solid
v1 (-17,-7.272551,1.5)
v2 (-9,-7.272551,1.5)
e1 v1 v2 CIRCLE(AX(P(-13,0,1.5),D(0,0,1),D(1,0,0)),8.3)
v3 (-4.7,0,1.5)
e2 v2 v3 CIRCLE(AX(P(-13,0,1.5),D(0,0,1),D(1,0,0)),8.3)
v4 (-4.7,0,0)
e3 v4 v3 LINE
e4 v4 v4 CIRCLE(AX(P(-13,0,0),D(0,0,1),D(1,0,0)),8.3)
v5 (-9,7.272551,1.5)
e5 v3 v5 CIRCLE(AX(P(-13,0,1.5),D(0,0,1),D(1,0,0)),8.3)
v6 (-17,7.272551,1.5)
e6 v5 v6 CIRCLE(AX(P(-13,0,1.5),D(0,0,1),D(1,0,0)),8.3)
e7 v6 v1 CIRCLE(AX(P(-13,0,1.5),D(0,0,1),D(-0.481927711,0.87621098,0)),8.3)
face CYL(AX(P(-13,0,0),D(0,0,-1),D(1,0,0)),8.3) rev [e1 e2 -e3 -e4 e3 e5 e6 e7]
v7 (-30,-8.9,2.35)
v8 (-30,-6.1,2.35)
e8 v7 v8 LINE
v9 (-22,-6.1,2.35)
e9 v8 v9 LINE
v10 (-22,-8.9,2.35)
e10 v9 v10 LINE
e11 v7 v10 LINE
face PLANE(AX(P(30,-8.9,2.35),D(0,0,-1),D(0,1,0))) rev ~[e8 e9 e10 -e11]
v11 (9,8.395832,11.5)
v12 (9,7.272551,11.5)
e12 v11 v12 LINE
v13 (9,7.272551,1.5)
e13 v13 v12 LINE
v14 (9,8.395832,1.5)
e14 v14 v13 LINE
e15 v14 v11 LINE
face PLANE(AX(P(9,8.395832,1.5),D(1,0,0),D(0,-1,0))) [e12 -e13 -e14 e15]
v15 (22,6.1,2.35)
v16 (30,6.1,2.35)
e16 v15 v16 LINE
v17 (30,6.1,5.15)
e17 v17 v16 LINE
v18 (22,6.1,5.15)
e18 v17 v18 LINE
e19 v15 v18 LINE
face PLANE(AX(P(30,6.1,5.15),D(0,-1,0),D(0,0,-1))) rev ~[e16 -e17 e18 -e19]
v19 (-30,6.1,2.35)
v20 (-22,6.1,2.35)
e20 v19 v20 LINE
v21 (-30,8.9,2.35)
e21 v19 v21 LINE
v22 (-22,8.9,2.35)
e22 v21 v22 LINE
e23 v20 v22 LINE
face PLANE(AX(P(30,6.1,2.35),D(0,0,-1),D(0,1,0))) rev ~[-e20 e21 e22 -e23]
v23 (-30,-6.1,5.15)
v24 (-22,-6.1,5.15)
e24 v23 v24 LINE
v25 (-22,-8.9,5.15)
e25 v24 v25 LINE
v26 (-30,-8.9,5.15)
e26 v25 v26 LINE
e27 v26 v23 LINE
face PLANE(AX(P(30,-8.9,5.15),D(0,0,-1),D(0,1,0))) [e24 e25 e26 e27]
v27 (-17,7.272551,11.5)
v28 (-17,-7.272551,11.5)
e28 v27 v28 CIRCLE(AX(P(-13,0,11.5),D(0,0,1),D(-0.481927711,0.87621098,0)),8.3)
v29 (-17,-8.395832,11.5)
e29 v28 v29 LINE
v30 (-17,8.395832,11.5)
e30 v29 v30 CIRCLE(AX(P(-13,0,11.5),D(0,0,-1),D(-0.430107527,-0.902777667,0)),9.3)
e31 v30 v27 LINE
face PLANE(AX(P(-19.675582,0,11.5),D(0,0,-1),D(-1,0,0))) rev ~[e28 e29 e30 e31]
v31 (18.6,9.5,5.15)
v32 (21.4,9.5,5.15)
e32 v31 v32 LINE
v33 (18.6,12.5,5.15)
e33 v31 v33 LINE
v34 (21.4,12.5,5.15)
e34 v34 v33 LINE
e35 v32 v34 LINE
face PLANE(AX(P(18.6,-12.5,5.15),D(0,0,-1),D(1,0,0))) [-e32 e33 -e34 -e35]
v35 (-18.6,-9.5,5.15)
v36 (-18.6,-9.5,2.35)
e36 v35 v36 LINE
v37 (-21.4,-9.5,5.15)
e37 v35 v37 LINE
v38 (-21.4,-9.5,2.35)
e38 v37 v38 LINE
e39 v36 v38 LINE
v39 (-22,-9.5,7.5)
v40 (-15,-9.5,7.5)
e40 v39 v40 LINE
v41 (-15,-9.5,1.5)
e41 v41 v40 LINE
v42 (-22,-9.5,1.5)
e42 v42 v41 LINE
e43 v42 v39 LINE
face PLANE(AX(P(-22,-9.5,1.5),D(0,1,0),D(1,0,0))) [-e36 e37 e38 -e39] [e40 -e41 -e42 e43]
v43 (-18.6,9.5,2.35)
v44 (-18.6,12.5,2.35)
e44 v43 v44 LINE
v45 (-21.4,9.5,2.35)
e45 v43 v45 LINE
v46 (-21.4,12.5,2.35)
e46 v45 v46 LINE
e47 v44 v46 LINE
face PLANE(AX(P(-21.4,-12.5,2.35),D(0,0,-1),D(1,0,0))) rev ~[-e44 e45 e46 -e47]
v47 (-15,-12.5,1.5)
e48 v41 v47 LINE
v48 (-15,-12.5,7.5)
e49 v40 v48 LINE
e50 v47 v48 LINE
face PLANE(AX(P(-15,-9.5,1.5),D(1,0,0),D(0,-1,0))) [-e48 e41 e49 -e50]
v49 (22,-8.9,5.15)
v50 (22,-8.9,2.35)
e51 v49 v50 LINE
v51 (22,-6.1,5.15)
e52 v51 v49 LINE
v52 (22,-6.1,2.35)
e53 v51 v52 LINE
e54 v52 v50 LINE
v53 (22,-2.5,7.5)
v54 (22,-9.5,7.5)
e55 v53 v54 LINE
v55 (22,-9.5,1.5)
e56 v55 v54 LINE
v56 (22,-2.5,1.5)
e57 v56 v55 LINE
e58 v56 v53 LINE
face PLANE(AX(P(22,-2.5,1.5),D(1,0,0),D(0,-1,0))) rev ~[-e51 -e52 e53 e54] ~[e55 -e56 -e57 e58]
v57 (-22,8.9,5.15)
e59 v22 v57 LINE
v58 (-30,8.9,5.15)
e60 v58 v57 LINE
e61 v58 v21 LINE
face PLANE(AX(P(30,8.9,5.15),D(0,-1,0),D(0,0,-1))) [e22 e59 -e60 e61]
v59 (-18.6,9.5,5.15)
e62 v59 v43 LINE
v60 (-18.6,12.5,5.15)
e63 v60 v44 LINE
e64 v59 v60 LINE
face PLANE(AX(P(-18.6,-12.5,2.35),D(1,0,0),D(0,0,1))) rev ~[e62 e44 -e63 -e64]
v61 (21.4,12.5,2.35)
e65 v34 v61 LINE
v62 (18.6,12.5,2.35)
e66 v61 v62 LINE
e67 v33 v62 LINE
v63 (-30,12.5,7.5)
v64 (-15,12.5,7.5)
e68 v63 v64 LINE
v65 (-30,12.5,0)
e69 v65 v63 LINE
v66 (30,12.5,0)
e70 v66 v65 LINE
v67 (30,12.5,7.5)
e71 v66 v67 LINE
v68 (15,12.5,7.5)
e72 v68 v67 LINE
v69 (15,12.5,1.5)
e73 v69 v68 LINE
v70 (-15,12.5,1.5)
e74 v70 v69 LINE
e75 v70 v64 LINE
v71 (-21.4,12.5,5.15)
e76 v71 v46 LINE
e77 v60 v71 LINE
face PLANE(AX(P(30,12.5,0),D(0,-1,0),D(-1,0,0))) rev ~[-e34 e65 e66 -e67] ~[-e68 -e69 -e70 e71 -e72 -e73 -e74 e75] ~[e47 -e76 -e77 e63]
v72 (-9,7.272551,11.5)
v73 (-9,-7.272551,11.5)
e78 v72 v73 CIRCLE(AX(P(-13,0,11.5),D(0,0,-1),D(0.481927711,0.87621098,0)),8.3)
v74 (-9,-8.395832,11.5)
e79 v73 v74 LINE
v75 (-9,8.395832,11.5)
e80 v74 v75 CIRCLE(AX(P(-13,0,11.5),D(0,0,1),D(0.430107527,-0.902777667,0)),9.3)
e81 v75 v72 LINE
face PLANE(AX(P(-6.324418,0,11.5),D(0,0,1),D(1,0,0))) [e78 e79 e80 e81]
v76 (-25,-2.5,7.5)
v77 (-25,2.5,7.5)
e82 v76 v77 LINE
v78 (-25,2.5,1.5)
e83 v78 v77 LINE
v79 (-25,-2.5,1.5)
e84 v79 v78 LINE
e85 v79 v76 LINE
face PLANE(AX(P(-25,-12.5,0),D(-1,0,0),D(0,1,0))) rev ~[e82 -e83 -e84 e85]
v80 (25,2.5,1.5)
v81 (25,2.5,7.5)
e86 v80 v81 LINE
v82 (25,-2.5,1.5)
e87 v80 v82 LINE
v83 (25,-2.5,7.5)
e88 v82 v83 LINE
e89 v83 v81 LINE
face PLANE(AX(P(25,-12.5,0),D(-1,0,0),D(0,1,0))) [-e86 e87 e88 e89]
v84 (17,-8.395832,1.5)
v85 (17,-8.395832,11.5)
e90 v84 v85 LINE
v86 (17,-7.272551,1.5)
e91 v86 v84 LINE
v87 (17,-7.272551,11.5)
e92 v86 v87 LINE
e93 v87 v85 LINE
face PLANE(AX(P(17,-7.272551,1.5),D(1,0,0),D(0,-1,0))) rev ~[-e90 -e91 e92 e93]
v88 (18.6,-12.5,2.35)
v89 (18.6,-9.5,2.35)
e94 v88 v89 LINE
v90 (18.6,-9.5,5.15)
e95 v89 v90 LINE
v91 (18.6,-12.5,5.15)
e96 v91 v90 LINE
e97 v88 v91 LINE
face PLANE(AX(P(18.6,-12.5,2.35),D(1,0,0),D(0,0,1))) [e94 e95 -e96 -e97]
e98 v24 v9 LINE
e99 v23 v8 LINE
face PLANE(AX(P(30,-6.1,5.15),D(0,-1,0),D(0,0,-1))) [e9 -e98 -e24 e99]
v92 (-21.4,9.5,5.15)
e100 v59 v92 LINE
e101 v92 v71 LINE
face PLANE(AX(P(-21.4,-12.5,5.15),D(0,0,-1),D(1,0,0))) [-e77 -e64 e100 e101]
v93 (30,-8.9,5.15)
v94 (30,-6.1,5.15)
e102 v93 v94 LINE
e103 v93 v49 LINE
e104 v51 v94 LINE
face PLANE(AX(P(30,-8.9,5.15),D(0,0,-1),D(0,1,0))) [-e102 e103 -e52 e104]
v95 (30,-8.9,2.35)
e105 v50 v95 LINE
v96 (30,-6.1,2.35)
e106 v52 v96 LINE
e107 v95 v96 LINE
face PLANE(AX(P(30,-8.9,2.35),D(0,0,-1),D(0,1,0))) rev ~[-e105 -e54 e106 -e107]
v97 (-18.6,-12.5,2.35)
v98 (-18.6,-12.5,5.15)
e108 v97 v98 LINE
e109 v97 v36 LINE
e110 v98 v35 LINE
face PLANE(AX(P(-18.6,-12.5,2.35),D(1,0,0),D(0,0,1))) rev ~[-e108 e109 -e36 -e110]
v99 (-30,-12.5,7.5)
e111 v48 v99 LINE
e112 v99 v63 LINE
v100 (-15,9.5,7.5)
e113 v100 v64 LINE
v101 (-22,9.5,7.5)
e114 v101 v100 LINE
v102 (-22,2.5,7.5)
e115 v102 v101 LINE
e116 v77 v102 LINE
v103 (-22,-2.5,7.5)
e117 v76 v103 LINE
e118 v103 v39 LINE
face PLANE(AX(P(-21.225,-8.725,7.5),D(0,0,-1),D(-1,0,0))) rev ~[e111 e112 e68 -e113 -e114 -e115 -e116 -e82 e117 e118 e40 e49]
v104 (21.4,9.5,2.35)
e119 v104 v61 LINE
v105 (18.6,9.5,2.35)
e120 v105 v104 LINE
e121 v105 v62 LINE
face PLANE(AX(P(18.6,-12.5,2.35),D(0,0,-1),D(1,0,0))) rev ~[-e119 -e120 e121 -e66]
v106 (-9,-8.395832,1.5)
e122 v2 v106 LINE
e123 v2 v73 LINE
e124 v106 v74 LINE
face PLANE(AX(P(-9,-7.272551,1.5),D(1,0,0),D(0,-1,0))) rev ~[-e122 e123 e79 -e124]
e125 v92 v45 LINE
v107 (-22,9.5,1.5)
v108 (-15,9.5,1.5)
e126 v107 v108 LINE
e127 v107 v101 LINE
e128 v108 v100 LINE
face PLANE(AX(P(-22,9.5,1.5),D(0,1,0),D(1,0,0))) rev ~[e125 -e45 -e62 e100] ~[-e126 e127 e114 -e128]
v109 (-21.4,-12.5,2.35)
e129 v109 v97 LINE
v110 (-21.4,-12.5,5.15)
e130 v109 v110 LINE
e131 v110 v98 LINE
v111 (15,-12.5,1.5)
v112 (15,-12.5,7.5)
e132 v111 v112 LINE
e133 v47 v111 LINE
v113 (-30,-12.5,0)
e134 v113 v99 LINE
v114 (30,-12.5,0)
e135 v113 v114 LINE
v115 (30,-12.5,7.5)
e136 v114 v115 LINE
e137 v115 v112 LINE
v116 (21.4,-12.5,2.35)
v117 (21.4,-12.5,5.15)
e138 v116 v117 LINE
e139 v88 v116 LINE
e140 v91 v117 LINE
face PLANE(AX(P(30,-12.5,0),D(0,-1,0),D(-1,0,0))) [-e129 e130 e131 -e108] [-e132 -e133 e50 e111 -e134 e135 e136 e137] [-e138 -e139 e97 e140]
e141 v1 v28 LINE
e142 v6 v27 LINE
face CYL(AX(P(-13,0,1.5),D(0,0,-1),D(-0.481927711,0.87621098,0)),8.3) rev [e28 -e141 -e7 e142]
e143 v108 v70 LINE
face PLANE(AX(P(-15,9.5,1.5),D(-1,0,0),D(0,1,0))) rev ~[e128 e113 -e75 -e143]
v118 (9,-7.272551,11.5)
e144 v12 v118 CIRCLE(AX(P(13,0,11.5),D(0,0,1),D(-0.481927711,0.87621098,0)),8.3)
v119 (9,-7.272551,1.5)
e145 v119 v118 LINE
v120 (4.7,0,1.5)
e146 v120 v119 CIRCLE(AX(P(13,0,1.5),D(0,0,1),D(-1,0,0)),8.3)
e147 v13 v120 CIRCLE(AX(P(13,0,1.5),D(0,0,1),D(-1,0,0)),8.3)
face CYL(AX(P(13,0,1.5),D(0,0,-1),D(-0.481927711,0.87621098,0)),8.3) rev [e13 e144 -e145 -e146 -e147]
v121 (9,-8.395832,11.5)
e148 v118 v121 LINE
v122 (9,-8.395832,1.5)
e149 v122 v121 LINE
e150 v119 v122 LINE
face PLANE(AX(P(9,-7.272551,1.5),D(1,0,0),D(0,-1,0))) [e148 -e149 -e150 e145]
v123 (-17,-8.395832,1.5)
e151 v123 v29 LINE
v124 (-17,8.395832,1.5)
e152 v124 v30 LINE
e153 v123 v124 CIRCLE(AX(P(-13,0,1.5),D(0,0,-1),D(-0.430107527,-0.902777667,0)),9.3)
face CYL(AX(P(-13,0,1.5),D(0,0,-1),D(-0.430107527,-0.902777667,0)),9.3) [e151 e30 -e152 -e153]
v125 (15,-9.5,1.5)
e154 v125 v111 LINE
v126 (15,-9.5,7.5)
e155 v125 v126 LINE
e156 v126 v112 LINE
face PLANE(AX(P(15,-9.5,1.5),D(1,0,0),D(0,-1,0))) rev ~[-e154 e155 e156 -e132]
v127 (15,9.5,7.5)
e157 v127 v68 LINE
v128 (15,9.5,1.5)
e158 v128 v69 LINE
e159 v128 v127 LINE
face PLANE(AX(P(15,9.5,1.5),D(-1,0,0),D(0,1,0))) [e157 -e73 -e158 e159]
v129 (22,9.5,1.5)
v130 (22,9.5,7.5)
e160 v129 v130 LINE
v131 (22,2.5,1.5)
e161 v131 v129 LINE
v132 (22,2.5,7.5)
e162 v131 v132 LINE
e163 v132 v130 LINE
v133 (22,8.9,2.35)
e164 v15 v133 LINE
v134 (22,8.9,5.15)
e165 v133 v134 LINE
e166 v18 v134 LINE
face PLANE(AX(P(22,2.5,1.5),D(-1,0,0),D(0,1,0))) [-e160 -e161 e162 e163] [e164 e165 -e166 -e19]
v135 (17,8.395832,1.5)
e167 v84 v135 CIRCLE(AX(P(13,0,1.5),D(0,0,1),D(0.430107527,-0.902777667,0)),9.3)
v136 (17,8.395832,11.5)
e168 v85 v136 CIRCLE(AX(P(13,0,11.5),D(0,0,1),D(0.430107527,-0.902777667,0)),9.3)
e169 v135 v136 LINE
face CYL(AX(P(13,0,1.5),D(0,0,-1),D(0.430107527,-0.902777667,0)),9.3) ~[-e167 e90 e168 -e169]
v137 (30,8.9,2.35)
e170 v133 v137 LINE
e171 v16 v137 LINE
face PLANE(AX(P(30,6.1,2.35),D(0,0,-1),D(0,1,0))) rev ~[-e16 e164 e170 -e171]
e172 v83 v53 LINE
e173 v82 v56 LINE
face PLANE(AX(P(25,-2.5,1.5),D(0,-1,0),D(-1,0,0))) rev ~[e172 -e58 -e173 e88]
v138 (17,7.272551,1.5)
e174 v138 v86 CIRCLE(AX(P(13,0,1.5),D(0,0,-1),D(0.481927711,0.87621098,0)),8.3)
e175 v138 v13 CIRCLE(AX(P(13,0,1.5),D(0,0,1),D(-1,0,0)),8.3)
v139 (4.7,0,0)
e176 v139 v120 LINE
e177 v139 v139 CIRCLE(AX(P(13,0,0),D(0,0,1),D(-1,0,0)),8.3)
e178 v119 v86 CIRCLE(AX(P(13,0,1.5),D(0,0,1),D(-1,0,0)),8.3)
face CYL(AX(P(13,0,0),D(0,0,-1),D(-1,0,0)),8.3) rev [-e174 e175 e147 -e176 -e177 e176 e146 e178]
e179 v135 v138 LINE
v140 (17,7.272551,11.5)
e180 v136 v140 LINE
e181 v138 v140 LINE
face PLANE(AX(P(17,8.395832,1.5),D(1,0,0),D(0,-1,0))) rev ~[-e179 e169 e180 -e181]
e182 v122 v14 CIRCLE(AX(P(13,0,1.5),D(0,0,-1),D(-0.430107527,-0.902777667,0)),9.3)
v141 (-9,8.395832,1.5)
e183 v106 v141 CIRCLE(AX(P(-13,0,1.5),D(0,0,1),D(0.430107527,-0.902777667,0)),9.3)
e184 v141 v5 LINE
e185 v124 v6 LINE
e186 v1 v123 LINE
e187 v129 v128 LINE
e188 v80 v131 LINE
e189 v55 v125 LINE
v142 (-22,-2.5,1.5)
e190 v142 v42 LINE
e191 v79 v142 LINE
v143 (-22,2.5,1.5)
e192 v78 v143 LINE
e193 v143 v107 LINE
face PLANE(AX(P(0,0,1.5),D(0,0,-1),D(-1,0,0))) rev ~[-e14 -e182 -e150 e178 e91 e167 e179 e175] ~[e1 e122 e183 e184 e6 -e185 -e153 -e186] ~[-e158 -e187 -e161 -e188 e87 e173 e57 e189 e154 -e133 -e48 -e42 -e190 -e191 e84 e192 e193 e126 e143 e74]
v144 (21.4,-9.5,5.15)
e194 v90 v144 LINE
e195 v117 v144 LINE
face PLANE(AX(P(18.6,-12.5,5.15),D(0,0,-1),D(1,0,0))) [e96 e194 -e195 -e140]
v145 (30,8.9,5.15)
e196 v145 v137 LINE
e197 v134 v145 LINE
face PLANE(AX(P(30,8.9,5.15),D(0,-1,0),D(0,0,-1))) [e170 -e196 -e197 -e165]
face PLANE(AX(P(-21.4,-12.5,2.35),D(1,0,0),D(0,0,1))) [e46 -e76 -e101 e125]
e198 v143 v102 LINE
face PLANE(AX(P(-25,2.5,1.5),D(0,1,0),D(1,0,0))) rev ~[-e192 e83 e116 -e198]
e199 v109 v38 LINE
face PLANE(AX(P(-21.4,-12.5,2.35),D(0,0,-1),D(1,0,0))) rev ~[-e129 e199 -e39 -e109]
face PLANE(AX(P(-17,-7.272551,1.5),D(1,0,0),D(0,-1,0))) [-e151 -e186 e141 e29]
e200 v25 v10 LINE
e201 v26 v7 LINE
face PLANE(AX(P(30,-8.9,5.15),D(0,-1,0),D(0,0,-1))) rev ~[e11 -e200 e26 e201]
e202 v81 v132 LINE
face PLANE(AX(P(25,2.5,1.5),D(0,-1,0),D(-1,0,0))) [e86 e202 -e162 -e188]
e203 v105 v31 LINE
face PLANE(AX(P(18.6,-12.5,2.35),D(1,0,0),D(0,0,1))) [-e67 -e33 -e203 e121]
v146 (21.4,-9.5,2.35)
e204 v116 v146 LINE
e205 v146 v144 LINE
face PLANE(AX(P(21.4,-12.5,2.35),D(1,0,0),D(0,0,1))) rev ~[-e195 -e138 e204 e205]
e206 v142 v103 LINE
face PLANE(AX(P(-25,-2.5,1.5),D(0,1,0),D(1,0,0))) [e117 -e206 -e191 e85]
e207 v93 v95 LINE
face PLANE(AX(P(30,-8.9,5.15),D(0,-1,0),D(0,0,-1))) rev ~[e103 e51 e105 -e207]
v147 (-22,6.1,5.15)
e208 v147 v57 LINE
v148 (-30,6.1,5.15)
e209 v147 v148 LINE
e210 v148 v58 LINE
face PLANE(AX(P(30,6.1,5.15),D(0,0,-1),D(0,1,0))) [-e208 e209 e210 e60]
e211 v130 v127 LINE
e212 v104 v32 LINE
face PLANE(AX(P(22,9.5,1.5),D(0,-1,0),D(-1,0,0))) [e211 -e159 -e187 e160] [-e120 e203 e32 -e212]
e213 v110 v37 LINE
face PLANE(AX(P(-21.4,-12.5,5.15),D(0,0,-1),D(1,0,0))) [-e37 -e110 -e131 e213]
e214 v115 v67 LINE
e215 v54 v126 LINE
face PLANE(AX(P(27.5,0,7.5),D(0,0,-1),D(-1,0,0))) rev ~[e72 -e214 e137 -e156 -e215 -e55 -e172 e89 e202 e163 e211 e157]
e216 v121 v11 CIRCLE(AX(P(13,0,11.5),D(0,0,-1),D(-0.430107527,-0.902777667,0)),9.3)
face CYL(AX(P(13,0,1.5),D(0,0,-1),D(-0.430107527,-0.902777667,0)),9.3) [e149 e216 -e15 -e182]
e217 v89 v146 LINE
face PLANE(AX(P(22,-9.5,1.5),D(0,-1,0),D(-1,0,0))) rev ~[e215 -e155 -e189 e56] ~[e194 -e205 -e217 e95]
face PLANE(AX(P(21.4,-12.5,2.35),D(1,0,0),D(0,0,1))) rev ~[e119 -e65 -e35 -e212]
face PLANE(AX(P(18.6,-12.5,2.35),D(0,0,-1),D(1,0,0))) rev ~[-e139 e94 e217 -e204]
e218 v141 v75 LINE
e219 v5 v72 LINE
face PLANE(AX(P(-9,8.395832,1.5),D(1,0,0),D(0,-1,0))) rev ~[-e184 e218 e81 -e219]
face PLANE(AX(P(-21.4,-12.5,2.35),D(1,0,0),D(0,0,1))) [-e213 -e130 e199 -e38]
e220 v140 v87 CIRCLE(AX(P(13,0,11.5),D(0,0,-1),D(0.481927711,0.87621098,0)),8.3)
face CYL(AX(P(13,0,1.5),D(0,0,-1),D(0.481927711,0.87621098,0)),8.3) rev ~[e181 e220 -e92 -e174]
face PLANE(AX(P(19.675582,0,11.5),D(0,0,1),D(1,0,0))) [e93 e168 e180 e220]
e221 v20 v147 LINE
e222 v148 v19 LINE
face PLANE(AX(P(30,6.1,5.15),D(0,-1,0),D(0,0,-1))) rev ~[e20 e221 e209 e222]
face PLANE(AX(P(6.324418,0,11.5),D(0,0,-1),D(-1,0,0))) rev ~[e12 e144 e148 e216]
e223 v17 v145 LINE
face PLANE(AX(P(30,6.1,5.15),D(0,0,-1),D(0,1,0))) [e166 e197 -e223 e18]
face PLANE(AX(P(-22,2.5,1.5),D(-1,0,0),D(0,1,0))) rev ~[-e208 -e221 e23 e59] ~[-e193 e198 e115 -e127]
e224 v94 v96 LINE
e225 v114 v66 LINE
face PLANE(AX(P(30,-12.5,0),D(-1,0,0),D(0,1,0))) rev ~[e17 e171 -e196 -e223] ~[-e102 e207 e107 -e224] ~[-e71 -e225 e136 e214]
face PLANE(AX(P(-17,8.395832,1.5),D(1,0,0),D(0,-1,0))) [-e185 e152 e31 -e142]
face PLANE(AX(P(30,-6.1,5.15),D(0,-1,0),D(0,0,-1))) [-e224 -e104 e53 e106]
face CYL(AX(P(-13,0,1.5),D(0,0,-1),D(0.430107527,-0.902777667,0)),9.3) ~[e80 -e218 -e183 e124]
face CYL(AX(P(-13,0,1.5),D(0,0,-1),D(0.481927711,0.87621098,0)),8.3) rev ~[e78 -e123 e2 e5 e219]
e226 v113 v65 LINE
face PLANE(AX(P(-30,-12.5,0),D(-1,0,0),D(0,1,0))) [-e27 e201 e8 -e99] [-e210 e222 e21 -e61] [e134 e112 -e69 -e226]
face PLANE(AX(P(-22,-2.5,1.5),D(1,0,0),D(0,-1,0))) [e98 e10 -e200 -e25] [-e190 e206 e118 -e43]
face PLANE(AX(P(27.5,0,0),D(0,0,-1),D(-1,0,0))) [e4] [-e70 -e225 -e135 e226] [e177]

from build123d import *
from build123d.topology import SkipClean

# Parameters (mm, degrees)
ESBO_O1_R                = 8.3
RESSALTO_EXTRUS_O1_DEPTH = 1.5
RESSALTO_EXTRUS_O2_DEPTH = 6
ESBO_O3_W                = 2.8
ESBO_O3_H                = 2.8
CORTE_EXTRUS_O1_DEPTH    = 37.142080737
ESBO_O4_W                = 2.8
ESBO_O4_H                = 2.8
CORTE_EXTRUS_O2_DEPTH    = 53.08166664
ESBO_O6_W                = 5
ESBO_O6_H                = 25
RESSALTO_EXTRUS_O5_DEPTH = 7.5
ESBO_O7_W                = 2.8
ESBO_O7_H                = 2.8
CORTE_EXTRUS_O3_DEPTH    = 60
RESSALTO_EXTRUS_O3_DEPTH = 10


with BuildPart() as part:
    # Esboço1 → Ressalto-extrusão1 (new body)
    with BuildSketch(Plane.XY):
        Polygon((-25, -12.5), (-25, 12.5), (25, 12.5), (25, -12.5), (15, -12.5), (-15, -12.5), align=None)
        with Locations((-13, 0)):
            Circle(ESBO_O1_R, mode=Mode.SUBTRACT)
        with Locations(Location((13, 0, 0), (0, 0, 180))):
            Circle(ESBO_O1_R, mode=Mode.SUBTRACT)
    extrude(amount=RESSALTO_EXTRUS_O1_DEPTH)

    # Esboço2 → Ressalto-extrusão2 (add)
    with BuildSketch(Plane.XY.offset(1.5)):
        Polygon((-20, -12.5), (-25, -12.5), (-25, -2.5), (-22, -2.5), (-22, -9.5), (-15, -9.5), (-15, -12.5), align=None)
        Polygon((22, -2.5), (22, -9.5), (15, -9.5), (15, -12.5), (20, -12.5), (25, -12.5), (25, -2.5), align=None)
        Polygon((20, 12.5), (25, 12.5), (25, 2.5), (22, 2.5), (22, 9.5), (15, 9.5), (15, 12.5), align=None)
        Polygon((-22, 2.5), (-22, 9.5), (-15, 9.5), (-15, 12.5), (-20, 12.5), (-25, 12.5), (-25, 2.5), align=None)
    extrude(amount=RESSALTO_EXTRUS_O2_DEPTH)

    # Esboço3 → Corte-extrusão1 (cut, through all)
    with BuildSketch(Plane.XZ.offset(12.5)):
        with Locations((-20, 3.75)):
            Rectangle(ESBO_O3_W, ESBO_O3_H)
        with Locations((20, 3.75)):
            Rectangle(ESBO_O3_W, ESBO_O3_H)
    extrude(amount=-CORTE_EXTRUS_O1_DEPTH, mode=Mode.SUBTRACT)

    # Esboço4 → Corte-extrusão2 (cut, through all)
    with BuildSketch(Plane.ZY.offset(25)):
        with Locations((3.75, 7.5)):
            Rectangle(ESBO_O4_W, ESBO_O4_H)
        with Locations((3.75, -7.5)):
            Rectangle(ESBO_O4_W, ESBO_O4_H)
    extrude(amount=-CORTE_EXTRUS_O2_DEPTH, mode=Mode.SUBTRACT)

    # Esboço6 → Ressalto-extrusão5 (add)
    with BuildSketch(Plane(origin=(0, 0, 0), x_dir=(-1, 0, 0), z_dir=(0, 0, -1))):
        with Locations((-27.5, 0)):
            Rectangle(ESBO_O6_W, ESBO_O6_H)
        with Locations((27.5, 0)):
            Rectangle(ESBO_O6_W, ESBO_O6_H)
    extrude(amount=-RESSALTO_EXTRUS_O5_DEPTH)

    # Esboço7 → Corte-extrusão3 (cut)
    with BuildSketch(Plane(origin=(30, 0, 0), x_dir=(0, 0, -1), z_dir=(1, 0, 0))):
        with Locations((-3.75, -7.5)):
            Rectangle(ESBO_O7_W, ESBO_O7_H)
        with Locations((-3.75, 7.5)):
            Rectangle(ESBO_O7_W, ESBO_O7_H)
    extrude(amount=-CORTE_EXTRUS_O3_DEPTH, mode=Mode.SUBTRACT)

    # Esboço5 → Ressalto-extrusão3 (add)
    with SkipClean():  # the faces are left unmerged after this step: merging them gives an invalid solid
        with BuildSketch(Plane.XY.offset(1.5)):
            with BuildLine():
                Line((-9, -7.272551134), (-9, -8.395832299))
                ThreePointArc((-9, -8.395832299), (-3.7, 0), (-9, 8.395832299))
                Line((-9, 8.395832299), (-9, 7.272551134))
                ThreePointArc((-9, 7.272551134), (-4.7, 0), (-9, -7.272551134))
            make_face()
            with BuildLine():
                Line((-17, -7.272551134), (-17, -8.395832299))
                ThreePointArc((-17, -8.395832299), (-22.3, 0), (-17, 8.395832299))
                Line((-17, 8.395832299), (-17, 7.272551134))
                ThreePointArc((-17, 7.272551134), (-21.3, 0), (-17, -7.272551134))
            make_face()
            with BuildLine():
                Line((9, -7.272551134), (9, -8.395832299))
                ThreePointArc((9, -8.395832299), (3.7, 0), (9, 8.395832299))
                Line((9, 8.395832299), (9, 7.272551134))
                ThreePointArc((9, 7.272551134), (4.7, 0), (9, -7.272551134))
            make_face()
            with BuildLine():
                Line((17, 8.395832299), (17, 7.272551134))
                ThreePointArc((17, 7.272551134), (21.3, 0), (17, -7.272551134))
                Line((17, -7.272551134), (17, -8.395832299))
                ThreePointArc((17, -8.395832299), (22.3, 0), (17, 8.395832299))
            make_face()
        extrude(amount=RESSALTO_EXTRUS_O3_DEPTH)


solid = part.part
